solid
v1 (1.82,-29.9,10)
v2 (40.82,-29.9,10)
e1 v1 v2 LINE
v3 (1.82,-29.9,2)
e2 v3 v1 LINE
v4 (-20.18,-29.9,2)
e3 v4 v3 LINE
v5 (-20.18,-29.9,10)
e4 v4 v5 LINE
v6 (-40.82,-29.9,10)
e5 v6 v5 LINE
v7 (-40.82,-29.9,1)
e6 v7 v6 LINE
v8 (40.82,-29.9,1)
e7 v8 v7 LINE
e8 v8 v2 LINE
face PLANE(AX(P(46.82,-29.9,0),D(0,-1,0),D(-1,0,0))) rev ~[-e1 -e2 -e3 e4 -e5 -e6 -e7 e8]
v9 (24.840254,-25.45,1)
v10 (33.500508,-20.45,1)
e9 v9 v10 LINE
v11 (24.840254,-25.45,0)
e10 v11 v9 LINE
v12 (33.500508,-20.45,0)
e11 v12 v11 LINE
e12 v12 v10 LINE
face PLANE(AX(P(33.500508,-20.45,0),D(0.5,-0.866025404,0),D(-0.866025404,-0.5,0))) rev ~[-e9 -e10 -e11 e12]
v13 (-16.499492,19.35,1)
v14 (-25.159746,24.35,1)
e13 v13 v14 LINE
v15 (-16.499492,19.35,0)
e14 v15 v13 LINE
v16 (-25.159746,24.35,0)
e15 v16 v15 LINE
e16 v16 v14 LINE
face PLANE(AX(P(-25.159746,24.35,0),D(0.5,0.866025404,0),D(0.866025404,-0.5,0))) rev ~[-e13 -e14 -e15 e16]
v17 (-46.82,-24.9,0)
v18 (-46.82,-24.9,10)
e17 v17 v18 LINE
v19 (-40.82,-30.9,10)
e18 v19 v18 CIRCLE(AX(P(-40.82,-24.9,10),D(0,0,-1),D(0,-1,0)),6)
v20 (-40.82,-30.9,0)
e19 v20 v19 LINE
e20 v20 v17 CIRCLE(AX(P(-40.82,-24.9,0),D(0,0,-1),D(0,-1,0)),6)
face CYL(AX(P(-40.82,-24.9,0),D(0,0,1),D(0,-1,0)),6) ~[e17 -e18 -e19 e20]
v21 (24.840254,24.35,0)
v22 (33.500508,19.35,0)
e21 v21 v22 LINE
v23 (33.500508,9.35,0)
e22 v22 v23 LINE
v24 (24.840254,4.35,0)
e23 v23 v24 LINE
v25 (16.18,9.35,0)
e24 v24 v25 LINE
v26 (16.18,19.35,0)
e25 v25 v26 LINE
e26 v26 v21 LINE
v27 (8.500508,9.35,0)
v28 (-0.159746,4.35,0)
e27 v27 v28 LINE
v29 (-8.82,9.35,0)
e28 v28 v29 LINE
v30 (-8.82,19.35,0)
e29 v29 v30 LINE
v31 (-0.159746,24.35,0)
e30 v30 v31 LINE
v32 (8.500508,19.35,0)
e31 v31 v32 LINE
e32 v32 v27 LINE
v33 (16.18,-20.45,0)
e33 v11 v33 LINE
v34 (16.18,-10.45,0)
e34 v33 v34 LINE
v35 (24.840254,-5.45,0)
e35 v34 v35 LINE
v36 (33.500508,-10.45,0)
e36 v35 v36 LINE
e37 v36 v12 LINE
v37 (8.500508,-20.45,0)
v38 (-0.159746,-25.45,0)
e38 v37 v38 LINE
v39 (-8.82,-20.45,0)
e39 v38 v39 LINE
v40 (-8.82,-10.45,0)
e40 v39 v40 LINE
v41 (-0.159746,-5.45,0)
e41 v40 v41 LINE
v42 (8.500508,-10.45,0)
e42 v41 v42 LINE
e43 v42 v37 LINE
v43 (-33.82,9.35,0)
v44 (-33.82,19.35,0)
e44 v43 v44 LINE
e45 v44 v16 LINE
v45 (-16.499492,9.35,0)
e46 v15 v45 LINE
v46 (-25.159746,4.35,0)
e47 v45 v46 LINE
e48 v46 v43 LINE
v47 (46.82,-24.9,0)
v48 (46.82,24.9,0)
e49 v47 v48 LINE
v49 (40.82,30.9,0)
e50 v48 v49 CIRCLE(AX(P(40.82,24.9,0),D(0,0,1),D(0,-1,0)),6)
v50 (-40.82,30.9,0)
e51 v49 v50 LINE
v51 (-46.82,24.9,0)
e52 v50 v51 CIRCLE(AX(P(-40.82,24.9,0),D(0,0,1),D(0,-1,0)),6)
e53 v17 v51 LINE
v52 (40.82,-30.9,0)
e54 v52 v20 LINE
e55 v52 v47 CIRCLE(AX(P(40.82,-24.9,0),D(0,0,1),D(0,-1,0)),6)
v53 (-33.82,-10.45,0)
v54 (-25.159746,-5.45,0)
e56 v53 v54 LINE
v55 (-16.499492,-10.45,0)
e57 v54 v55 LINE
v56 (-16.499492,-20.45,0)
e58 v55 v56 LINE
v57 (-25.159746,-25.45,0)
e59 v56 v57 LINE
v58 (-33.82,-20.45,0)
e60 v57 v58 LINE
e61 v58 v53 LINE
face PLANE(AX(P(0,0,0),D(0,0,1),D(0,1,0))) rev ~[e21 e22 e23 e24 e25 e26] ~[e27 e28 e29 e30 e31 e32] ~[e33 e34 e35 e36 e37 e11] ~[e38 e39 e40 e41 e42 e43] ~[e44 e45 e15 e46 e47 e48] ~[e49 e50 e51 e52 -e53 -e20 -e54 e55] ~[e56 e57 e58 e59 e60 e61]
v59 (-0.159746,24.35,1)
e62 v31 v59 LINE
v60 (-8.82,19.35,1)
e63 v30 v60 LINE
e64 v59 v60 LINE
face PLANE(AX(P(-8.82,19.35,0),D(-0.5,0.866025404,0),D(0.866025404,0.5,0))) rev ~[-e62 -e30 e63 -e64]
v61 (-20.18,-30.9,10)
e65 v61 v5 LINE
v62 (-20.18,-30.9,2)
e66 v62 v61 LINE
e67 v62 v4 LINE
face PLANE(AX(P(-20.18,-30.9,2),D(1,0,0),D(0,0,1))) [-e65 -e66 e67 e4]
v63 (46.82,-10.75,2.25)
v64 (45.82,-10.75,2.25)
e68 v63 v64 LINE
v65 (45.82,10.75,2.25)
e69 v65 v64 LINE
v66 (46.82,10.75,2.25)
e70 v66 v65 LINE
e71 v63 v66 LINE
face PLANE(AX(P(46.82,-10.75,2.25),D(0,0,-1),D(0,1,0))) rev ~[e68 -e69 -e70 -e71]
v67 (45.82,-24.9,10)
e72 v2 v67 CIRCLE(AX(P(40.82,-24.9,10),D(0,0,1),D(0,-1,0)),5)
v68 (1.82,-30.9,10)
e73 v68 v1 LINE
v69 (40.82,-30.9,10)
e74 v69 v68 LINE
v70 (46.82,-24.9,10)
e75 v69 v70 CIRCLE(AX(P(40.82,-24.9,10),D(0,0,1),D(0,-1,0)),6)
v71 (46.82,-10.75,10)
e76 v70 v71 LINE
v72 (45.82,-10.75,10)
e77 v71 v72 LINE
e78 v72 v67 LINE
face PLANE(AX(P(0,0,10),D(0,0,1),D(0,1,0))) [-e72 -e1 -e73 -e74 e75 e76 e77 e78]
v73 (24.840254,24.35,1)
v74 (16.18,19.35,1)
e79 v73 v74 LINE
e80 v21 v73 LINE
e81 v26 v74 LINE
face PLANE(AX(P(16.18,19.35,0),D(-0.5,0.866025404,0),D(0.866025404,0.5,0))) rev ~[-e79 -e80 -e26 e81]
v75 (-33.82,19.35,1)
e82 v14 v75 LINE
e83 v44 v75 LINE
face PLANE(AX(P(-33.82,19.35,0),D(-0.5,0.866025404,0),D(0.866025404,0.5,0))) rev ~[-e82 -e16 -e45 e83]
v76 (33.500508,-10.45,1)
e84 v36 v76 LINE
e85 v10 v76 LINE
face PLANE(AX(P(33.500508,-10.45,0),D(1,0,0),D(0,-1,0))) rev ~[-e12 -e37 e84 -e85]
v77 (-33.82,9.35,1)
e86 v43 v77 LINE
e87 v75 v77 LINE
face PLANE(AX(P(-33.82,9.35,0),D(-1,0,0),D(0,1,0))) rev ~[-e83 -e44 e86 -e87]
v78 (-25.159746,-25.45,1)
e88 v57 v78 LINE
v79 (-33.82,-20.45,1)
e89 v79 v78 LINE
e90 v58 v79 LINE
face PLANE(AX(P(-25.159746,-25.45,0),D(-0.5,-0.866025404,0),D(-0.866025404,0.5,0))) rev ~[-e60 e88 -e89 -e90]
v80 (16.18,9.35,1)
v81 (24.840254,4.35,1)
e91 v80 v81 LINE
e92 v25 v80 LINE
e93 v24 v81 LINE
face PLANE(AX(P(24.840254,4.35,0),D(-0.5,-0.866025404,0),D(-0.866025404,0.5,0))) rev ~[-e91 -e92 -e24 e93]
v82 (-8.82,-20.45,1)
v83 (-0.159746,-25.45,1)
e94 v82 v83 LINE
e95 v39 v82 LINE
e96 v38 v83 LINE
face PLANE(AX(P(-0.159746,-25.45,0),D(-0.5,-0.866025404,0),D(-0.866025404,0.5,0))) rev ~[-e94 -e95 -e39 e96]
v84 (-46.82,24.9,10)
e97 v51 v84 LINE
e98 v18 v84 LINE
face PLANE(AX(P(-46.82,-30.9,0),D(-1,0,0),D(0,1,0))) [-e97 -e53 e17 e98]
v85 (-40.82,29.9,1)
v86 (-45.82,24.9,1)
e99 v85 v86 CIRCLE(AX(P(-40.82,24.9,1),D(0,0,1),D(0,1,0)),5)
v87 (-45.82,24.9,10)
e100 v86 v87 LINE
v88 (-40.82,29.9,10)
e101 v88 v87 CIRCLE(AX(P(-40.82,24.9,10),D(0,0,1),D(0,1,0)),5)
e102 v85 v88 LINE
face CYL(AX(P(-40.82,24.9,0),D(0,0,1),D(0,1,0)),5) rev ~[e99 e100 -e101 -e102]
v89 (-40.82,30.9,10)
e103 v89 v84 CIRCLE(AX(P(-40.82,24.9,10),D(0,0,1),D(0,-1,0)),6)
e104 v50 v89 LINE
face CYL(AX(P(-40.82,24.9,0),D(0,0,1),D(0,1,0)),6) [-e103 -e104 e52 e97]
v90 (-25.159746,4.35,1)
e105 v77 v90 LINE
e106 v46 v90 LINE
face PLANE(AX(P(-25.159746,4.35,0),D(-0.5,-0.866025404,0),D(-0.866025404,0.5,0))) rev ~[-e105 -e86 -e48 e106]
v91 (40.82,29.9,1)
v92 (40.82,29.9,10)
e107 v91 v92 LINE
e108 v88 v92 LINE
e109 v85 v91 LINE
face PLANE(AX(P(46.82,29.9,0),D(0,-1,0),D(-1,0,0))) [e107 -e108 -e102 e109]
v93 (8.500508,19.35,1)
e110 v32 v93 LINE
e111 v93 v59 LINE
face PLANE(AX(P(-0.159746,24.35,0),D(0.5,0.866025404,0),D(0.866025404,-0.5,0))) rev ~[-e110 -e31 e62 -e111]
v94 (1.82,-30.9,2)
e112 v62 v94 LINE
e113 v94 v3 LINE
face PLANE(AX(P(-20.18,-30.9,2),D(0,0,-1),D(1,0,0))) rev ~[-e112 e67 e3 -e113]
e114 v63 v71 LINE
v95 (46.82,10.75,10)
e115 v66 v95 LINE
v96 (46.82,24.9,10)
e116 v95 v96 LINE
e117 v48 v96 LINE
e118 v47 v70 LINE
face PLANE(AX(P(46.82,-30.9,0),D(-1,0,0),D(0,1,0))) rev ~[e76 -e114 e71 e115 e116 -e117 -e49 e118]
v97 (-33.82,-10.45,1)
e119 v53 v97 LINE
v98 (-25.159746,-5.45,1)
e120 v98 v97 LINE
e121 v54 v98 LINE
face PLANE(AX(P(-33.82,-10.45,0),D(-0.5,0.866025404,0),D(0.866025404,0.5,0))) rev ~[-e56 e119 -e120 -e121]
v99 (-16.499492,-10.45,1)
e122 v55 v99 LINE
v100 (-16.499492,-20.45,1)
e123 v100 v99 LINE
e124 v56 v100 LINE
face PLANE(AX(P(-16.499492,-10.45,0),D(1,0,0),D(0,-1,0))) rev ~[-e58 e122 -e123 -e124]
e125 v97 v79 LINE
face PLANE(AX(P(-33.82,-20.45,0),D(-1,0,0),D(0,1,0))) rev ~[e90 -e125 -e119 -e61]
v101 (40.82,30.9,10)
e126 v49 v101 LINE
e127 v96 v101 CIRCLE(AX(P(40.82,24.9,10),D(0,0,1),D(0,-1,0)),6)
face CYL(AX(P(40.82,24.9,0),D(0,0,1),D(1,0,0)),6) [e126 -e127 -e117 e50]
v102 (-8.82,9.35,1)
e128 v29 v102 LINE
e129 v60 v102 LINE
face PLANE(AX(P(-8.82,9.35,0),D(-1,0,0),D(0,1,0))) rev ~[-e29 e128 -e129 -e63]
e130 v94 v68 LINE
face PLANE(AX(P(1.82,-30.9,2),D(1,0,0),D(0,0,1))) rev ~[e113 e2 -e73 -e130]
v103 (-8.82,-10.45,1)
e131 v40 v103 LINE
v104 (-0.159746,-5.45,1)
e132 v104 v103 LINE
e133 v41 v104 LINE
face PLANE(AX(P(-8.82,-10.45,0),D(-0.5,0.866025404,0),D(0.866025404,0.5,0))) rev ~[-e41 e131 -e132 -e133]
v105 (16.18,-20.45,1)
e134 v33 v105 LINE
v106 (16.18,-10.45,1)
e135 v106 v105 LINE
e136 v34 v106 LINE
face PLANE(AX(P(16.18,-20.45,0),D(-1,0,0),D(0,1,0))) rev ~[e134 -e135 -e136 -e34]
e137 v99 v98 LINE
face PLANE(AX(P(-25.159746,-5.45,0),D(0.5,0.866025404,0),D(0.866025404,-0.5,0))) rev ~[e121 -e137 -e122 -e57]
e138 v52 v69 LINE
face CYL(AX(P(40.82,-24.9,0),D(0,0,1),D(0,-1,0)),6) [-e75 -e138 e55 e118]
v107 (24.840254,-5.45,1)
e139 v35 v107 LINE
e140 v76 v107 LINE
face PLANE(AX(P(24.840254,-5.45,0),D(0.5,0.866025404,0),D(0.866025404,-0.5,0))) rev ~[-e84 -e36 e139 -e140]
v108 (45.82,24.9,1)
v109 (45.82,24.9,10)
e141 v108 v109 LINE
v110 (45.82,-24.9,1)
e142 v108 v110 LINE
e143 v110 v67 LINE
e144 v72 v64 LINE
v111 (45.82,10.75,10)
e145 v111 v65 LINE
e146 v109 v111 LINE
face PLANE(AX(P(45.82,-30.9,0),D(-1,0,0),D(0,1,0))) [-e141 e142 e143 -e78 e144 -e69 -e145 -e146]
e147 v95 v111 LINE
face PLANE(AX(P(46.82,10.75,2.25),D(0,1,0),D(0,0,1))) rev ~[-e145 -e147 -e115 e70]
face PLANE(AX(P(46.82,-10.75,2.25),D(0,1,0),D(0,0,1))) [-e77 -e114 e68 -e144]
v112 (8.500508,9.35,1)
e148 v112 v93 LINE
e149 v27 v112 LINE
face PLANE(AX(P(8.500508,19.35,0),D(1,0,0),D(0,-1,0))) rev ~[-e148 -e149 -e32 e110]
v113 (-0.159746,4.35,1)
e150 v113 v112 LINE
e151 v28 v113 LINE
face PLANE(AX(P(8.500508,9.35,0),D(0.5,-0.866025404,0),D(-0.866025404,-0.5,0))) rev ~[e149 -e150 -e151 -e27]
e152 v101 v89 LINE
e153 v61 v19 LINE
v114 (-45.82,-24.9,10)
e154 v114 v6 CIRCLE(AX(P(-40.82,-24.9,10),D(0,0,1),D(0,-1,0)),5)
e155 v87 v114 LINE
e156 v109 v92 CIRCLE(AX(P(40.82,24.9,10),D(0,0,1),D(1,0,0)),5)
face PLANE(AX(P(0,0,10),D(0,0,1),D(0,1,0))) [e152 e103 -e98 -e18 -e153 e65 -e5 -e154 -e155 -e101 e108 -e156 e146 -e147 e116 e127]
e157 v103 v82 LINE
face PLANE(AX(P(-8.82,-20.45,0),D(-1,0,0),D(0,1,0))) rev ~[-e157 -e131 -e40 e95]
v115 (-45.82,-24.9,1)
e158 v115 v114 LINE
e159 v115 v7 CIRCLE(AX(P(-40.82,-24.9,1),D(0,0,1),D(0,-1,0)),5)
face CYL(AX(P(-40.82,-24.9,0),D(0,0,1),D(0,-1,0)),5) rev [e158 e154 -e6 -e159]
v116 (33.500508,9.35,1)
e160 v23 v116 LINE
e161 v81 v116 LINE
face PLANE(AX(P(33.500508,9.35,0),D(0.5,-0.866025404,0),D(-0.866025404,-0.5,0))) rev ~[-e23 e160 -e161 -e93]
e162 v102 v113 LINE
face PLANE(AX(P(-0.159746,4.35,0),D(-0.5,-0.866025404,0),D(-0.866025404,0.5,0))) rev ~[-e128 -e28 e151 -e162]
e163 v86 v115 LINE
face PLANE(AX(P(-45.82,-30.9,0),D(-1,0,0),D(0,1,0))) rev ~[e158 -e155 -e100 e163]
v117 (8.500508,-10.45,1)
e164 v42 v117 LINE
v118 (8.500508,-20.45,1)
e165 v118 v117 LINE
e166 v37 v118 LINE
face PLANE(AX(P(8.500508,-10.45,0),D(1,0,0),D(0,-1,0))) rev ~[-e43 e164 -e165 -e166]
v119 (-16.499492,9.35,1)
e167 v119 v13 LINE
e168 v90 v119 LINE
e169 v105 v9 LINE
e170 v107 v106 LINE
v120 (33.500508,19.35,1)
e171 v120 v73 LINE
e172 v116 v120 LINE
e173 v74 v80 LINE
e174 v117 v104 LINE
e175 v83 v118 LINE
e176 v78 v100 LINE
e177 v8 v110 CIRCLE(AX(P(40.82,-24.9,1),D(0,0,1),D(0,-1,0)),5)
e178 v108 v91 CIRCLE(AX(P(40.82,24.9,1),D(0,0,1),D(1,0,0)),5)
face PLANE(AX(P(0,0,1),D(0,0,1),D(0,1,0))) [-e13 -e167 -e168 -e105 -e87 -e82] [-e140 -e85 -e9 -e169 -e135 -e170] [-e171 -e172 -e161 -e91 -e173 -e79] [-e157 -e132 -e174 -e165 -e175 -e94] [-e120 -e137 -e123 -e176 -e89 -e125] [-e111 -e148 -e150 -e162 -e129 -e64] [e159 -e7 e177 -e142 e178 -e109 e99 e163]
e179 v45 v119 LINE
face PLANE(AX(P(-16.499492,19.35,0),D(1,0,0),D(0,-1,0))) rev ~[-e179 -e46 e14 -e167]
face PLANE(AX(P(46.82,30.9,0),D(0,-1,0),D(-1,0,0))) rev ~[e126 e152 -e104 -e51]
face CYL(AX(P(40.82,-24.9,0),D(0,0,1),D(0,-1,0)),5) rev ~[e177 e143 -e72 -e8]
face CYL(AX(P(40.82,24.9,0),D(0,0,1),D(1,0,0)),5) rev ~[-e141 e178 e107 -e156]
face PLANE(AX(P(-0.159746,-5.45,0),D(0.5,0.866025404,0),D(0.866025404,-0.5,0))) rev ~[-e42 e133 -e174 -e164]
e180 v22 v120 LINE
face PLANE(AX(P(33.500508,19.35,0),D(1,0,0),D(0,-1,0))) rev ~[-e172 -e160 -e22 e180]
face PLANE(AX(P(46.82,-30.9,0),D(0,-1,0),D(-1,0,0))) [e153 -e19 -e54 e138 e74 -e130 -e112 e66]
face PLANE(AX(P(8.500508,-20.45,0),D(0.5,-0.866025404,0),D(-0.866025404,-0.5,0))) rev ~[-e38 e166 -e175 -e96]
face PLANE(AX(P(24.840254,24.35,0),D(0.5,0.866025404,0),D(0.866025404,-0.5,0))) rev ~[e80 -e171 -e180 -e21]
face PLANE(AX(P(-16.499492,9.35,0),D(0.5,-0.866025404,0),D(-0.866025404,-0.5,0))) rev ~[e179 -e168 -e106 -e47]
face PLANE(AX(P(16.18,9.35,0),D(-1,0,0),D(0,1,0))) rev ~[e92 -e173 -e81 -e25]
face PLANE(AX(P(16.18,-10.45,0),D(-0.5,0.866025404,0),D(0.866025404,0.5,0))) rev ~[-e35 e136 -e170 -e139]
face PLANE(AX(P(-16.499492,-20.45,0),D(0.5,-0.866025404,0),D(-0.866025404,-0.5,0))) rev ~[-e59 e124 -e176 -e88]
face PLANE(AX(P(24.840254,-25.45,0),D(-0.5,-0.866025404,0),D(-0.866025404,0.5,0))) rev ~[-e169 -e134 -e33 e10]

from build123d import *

# Parameters (mm, degrees)
SKIZZE1_W                       = 61.8
SKIZZE1_H                       = 93.64
AUFSATZ_LINEAR_AUSTRAGEN1_DEPTH = 10
VERRUNDUNG1_R                   = 6
WANDUNG1_T                      = -1
SKIZZE2_W                       = 21.5
SKIZZE2_H                       = 15.5
SCHNITT_LINEAR_AUSTRAGEN1_DEPTH = 6
SKIZZE3_W                       = 22
SKIZZE3_H                       = 8
SCHNITT_LINEAR_AUSTRAGEN2_DEPTH = 6
SCHNITT_LINEAR_AUSTRAGEN4_DEPTH = 6
LINEARES_MUSTER1_COUNT          = 3
LINEARES_MUSTER1_PITCH          = 25


with BuildPart() as part:
    # Skizze1 → Aufsatz-Linear austragen1 (new body)
    with BuildSketch(Plane(origin=(0, 0, 0), x_dir=(0, 1, 0), z_dir=(0, 0, 1))):
        Rectangle(SKIZZE1_W, SKIZZE1_H)
    extrude(amount=AUFSATZ_LINEAR_AUSTRAGEN1_DEPTH)

    # Verrundung1
    verrundung1_edges = [part.edges().sort_by_distance(p)[0] for p in [
        (46.82, 30.9, 5),
        (46.82, -30.9, 5),
        (-46.82, -30.9, 5),
        (-46.82, 30.9, 5),
    ]]
    fillet(verrundung1_edges, radius=VERRUNDUNG1_R)

    # Wandung1
    wandung1_openings = [part.faces().sort_by_distance(p)[0] for p in [
        (0, 0, 10),
    ]]
    offset(amount=WANDUNG1_T, openings=wandung1_openings, kind=Kind.INTERSECTION)

    # Skizze2 → Schnitt-Linear austragen1 (cut)
    with BuildSketch(Plane.YZ.offset(46.82)):
        with Locations((0, 10)):
            Rectangle(SKIZZE2_W, SKIZZE2_H)
    extrude(amount=-SCHNITT_LINEAR_AUSTRAGEN1_DEPTH, mode=Mode.SUBTRACT)

    # Skizze3 → Schnitt-Linear austragen2 (cut)
    with BuildSketch(Plane.XZ.offset(30.9)):
        with Locations((-9.18, 6)):
            Rectangle(SKIZZE3_W, SKIZZE3_H)
    extrude(amount=-SCHNITT_LINEAR_AUSTRAGEN2_DEPTH, mode=Mode.SUBTRACT)

    # Skizze4 → Schnitt-Linear austragen4 (cut)
    with BuildSketch(Plane(origin=(0, 0, 0), x_dir=(1, 0, 0), z_dir=(0, 0, -1))):
        Polygon((-25.159745962, 25.45), (-33.82, 20.45), (-33.82, 10.45), (-25.159745962, 5.45), (-16.499491924, 10.45), (-16.499491924, 20.45), align=None)
        Polygon((-25.159745962, -4.35), (-33.82, -9.35), (-33.82, -19.35), (-25.159745962, -24.35), (-16.499491924, -19.35), (-16.499491924, -9.35), align=None)
    schnitt_linear_austragen4 = extrude(amount=-SCHNITT_LINEAR_AUSTRAGEN4_DEPTH, mode=Mode.SUBTRACT)

    # Lineares Muster1: Schnitt-Linear austragen4 ×3
    with Locations(*[(i * LINEARES_MUSTER1_PITCH, 0, 0) for i in range(1, LINEARES_MUSTER1_COUNT)]):
        add(schnitt_linear_austragen4, mode=Mode.SUBTRACT)


solid = part.part
